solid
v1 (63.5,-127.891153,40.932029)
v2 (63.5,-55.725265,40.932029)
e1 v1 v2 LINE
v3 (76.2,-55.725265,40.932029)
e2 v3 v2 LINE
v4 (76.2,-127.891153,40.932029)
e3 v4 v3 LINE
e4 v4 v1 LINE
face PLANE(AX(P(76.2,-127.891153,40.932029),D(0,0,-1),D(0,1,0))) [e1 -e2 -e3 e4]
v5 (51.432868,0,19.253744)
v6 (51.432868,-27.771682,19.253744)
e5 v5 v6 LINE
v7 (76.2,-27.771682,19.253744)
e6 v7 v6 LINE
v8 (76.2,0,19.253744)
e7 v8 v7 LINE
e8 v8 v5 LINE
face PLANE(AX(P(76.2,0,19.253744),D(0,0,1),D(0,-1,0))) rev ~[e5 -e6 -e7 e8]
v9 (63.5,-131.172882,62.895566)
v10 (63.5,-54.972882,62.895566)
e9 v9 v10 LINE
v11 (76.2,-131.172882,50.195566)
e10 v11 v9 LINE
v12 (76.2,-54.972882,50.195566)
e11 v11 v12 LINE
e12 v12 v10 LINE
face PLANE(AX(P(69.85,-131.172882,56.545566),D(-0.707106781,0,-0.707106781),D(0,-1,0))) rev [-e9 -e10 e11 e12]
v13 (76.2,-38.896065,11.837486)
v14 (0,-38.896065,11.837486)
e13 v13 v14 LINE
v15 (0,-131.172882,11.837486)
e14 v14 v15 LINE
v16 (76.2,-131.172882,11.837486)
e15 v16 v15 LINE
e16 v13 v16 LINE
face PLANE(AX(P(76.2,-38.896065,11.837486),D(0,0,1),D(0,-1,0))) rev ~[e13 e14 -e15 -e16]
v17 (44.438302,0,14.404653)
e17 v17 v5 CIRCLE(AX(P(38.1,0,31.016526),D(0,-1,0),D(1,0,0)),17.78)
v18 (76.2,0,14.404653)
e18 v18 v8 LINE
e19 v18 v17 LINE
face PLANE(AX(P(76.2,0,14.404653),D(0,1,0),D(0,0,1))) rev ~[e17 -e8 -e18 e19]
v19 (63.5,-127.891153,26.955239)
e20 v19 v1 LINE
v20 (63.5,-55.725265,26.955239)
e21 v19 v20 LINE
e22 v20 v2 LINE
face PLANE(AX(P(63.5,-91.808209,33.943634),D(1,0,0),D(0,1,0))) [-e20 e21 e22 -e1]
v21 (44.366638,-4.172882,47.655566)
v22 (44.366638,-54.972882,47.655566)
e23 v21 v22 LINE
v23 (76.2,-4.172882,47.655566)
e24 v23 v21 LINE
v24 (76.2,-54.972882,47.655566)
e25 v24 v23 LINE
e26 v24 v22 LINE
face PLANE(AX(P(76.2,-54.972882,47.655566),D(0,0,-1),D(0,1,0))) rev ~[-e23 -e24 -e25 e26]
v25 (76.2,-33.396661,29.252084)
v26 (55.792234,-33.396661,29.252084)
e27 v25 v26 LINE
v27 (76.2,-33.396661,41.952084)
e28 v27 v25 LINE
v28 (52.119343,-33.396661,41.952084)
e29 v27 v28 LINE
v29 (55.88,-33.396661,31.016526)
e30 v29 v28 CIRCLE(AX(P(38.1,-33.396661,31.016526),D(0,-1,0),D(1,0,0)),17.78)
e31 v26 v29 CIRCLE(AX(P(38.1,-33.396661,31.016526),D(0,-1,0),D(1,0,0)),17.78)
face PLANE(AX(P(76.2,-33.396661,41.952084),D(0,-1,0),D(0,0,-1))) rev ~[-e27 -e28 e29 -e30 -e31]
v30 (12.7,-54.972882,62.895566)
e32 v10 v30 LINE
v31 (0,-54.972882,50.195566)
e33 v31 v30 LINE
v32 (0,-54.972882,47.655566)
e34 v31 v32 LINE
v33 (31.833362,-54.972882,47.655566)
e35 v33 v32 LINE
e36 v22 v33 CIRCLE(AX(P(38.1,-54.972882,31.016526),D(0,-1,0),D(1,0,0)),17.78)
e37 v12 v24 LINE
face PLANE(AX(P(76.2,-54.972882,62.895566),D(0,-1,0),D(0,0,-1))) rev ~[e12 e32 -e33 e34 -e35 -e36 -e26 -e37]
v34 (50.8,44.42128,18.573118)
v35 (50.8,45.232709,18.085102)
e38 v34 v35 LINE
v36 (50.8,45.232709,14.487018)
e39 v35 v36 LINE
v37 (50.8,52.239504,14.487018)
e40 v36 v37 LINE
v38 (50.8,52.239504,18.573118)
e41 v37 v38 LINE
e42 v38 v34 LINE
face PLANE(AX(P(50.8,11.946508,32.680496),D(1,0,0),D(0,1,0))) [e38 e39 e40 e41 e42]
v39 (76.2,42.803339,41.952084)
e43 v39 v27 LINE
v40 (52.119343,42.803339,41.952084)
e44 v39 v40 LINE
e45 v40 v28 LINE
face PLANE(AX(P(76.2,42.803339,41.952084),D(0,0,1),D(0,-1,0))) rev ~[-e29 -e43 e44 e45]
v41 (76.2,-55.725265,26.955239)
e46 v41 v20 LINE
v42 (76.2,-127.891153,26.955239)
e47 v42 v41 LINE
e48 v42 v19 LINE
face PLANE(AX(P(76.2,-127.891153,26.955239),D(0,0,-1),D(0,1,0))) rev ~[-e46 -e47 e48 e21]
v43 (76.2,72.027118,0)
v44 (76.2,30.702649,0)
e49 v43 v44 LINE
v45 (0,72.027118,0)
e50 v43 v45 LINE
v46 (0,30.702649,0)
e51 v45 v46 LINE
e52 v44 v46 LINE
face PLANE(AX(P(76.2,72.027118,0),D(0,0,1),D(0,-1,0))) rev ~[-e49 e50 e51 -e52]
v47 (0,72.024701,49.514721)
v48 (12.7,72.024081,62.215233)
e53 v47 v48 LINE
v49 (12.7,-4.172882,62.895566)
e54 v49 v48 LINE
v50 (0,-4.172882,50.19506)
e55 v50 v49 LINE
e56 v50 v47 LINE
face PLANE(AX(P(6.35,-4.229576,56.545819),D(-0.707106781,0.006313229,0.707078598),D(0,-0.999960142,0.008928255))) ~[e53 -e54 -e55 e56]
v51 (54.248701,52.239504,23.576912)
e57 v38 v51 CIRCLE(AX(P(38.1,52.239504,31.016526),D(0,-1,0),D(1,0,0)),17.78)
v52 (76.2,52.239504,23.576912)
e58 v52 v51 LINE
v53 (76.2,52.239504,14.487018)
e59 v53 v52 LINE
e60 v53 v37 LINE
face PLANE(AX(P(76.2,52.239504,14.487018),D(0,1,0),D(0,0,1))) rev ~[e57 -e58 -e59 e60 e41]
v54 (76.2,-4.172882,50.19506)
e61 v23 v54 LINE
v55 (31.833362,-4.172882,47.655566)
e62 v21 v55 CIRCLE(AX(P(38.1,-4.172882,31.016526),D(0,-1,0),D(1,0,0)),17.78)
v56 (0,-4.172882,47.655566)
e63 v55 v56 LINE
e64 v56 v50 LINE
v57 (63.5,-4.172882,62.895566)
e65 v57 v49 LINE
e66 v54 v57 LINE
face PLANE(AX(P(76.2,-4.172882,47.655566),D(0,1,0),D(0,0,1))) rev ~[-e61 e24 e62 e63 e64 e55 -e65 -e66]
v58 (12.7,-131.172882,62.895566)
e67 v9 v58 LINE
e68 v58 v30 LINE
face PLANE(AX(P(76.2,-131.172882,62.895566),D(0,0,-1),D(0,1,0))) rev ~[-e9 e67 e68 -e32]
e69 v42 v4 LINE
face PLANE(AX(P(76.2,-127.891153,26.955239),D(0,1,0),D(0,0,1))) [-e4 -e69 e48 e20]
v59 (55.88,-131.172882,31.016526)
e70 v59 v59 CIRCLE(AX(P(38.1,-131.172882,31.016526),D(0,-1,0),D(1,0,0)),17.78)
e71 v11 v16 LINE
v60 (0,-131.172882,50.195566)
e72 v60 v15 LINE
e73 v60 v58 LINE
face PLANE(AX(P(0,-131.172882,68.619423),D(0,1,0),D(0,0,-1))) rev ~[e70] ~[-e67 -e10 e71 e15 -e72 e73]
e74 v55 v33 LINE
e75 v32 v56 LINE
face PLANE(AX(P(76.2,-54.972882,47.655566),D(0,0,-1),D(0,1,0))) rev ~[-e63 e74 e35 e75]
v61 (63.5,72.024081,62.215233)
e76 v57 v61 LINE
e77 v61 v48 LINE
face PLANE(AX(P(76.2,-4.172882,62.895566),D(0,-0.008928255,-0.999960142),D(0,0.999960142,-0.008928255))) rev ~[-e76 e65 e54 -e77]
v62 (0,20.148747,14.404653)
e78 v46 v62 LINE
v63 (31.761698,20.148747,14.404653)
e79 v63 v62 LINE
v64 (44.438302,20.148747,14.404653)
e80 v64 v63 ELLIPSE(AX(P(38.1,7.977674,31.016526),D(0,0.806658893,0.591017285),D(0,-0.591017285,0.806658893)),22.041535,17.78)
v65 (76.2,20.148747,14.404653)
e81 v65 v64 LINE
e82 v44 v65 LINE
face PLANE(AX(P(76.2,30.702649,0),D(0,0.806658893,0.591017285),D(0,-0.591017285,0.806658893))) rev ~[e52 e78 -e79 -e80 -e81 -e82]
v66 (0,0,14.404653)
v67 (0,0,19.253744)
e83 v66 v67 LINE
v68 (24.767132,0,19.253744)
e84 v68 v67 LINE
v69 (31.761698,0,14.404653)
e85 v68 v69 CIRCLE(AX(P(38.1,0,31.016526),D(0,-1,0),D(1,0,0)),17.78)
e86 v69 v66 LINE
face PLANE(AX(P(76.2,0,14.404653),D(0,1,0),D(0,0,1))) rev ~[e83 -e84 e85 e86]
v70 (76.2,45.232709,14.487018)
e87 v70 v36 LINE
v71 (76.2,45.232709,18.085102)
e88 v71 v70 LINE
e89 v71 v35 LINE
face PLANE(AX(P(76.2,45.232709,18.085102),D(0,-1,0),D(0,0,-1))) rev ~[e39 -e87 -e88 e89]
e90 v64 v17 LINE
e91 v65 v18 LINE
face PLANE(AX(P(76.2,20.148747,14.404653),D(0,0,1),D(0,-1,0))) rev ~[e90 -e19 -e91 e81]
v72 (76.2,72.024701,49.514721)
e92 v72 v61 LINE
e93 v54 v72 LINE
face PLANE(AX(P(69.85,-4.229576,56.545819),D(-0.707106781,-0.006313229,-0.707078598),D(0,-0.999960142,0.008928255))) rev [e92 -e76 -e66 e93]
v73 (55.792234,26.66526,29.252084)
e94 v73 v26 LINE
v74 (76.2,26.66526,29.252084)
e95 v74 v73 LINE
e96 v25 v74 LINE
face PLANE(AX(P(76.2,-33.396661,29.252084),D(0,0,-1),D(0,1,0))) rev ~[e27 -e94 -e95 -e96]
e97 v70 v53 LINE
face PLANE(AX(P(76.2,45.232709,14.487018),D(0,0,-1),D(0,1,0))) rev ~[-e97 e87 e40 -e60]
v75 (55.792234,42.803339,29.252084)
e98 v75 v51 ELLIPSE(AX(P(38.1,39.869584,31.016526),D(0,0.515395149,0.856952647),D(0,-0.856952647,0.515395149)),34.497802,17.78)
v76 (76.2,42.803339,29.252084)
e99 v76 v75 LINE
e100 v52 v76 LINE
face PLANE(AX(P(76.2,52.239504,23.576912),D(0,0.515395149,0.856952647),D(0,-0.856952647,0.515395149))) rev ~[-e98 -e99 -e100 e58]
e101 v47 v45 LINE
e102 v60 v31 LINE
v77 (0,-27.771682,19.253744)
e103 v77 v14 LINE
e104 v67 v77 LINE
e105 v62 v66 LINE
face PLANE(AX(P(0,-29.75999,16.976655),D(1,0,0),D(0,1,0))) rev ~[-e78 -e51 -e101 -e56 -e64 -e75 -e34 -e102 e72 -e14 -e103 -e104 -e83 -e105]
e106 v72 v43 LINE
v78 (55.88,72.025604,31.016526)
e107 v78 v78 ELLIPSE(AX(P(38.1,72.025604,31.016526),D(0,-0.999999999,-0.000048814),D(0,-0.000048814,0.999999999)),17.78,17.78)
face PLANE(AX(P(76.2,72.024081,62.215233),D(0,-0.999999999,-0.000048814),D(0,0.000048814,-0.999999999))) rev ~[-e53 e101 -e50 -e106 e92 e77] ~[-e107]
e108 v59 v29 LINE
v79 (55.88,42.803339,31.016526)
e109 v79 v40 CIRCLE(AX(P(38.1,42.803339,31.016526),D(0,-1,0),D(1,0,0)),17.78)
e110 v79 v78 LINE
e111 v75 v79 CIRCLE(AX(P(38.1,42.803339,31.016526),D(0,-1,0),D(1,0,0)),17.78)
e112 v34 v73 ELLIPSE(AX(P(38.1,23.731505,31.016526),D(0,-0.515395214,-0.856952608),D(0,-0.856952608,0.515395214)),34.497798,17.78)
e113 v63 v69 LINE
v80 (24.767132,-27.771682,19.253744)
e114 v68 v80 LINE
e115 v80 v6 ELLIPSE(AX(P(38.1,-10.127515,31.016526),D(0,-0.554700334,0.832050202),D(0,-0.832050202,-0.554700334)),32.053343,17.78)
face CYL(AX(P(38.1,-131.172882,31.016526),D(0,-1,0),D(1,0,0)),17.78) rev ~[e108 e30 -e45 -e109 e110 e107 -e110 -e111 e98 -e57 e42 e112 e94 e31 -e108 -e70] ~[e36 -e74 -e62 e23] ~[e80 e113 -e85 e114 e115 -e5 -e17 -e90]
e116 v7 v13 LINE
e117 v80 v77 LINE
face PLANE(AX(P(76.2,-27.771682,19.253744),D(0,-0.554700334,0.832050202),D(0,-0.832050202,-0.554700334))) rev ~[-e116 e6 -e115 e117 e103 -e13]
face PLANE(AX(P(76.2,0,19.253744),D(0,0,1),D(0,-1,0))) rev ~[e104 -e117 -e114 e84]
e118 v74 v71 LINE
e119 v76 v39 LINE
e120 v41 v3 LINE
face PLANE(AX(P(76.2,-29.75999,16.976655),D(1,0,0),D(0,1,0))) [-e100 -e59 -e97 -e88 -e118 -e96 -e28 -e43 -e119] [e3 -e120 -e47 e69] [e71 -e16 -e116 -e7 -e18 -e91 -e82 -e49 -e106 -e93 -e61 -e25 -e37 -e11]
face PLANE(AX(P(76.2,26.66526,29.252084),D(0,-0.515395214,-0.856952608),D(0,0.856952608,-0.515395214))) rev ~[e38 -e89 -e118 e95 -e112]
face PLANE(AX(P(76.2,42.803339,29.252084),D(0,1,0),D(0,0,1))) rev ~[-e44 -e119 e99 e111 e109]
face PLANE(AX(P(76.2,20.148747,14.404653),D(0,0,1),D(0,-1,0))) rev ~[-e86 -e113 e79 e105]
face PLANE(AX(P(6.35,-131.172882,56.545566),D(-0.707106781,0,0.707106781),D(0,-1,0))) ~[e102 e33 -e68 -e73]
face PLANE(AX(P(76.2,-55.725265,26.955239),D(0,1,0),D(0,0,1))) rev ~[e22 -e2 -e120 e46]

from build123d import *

# Parameters (mm, degrees)
F1_DEPTH  = 76.2
F3_DEPTH  = 127
F4_SIZE   = 12.7
F5_R      = 17.78
F5_R_2    = 12.7
F6_DEPTH  = 254
F8_DEPTH  = 25.4
F9_W      = 72.165888
F9_H      = 13.97679
F10_DEPTH = 12.7


with BuildPart() as f1:
    # F0 (on Right) → F1 (new body)
    with BuildSketch(Plane.YZ):
        Polygon((72.027118, 67.494695), (-131.172882, 68.619423), (-131.172882, -34.105305), (72.027118, -34.105305), align=None)
    extrude(amount=F1_DEPTH)

    # F2 (on face) → F3 (cut)
    with BuildSketch(Plane.YZ.offset(76.2)):
        Polygon((-38.896065, 11.837486), (-131.172882, 11.837486), (-131.172882, -34.105305), (72.027118, -34.105305), (72.027118, 0), (30.702649, 0), (20.148747, 14.404653), (0, 14.404653), (0, 19.253744), (-27.771682, 19.253744), align=None)
        Polygon((-131.172882, 68.619423), (-131.172882, 62.895566), (-54.972882, 62.895566), (-54.972882, 47.655566), (-4.172882, 47.655566), (-4.172882, 62.895566), (72.024081, 62.215233), (72.027118, 0), (72.027118, 67.494695), align=None)
    extrude(amount=-F3_DEPTH, mode=Mode.SUBTRACT)

    # F4
    f4_edges = [f1.edges().sort_by_distance(p)[0] for p in [
        (76.2, -93.072882, 62.895566),
        (76.2, 33.925599, 62.5554),
        (0, -93.072882, 62.895566),
        (0, 33.925599, 62.5554),
    ]]
    chamfer(f4_edges, length=F4_SIZE)

    # F5 (on face) → F6 (cut)
    with BuildSketch(Plane.XZ.offset(131.172882)):
        with Locations((38.1, 31.016526)):
            Circle(F5_R)
        with Locations((38.1, 31.016526)):
            Circle(F5_R_2, mode=Mode.SUBTRACT)
        with Locations((38.1, 31.016526)):
            Circle(F5_R_2)
    extrude(amount=-F6_DEPTH, mode=Mode.SUBTRACT)

    # F7 (on face) → F8 (cut)
    with BuildSketch(Plane.YZ.offset(76.2)):
        Polygon((42.803339, 41.952084), (-33.396661, 41.952084), (-33.396661, 29.252084), (26.66526, 29.252084), (45.232709, 18.085102), (45.232709, 14.487018), (52.239504, 14.487018), (52.239504, 23.576912), (42.803339, 29.252084), align=None)
    extrude(amount=-F8_DEPTH, mode=Mode.SUBTRACT)

    # F9 (on face) → F10 (cut)
    with BuildSketch(Plane.YZ.offset(76.2)):
        with Locations((-91.808209, 33.943634)):
            Rectangle(F9_W, F9_H)
    extrude(amount=-F10_DEPTH, mode=Mode.SUBTRACT)


solid = f1.part
